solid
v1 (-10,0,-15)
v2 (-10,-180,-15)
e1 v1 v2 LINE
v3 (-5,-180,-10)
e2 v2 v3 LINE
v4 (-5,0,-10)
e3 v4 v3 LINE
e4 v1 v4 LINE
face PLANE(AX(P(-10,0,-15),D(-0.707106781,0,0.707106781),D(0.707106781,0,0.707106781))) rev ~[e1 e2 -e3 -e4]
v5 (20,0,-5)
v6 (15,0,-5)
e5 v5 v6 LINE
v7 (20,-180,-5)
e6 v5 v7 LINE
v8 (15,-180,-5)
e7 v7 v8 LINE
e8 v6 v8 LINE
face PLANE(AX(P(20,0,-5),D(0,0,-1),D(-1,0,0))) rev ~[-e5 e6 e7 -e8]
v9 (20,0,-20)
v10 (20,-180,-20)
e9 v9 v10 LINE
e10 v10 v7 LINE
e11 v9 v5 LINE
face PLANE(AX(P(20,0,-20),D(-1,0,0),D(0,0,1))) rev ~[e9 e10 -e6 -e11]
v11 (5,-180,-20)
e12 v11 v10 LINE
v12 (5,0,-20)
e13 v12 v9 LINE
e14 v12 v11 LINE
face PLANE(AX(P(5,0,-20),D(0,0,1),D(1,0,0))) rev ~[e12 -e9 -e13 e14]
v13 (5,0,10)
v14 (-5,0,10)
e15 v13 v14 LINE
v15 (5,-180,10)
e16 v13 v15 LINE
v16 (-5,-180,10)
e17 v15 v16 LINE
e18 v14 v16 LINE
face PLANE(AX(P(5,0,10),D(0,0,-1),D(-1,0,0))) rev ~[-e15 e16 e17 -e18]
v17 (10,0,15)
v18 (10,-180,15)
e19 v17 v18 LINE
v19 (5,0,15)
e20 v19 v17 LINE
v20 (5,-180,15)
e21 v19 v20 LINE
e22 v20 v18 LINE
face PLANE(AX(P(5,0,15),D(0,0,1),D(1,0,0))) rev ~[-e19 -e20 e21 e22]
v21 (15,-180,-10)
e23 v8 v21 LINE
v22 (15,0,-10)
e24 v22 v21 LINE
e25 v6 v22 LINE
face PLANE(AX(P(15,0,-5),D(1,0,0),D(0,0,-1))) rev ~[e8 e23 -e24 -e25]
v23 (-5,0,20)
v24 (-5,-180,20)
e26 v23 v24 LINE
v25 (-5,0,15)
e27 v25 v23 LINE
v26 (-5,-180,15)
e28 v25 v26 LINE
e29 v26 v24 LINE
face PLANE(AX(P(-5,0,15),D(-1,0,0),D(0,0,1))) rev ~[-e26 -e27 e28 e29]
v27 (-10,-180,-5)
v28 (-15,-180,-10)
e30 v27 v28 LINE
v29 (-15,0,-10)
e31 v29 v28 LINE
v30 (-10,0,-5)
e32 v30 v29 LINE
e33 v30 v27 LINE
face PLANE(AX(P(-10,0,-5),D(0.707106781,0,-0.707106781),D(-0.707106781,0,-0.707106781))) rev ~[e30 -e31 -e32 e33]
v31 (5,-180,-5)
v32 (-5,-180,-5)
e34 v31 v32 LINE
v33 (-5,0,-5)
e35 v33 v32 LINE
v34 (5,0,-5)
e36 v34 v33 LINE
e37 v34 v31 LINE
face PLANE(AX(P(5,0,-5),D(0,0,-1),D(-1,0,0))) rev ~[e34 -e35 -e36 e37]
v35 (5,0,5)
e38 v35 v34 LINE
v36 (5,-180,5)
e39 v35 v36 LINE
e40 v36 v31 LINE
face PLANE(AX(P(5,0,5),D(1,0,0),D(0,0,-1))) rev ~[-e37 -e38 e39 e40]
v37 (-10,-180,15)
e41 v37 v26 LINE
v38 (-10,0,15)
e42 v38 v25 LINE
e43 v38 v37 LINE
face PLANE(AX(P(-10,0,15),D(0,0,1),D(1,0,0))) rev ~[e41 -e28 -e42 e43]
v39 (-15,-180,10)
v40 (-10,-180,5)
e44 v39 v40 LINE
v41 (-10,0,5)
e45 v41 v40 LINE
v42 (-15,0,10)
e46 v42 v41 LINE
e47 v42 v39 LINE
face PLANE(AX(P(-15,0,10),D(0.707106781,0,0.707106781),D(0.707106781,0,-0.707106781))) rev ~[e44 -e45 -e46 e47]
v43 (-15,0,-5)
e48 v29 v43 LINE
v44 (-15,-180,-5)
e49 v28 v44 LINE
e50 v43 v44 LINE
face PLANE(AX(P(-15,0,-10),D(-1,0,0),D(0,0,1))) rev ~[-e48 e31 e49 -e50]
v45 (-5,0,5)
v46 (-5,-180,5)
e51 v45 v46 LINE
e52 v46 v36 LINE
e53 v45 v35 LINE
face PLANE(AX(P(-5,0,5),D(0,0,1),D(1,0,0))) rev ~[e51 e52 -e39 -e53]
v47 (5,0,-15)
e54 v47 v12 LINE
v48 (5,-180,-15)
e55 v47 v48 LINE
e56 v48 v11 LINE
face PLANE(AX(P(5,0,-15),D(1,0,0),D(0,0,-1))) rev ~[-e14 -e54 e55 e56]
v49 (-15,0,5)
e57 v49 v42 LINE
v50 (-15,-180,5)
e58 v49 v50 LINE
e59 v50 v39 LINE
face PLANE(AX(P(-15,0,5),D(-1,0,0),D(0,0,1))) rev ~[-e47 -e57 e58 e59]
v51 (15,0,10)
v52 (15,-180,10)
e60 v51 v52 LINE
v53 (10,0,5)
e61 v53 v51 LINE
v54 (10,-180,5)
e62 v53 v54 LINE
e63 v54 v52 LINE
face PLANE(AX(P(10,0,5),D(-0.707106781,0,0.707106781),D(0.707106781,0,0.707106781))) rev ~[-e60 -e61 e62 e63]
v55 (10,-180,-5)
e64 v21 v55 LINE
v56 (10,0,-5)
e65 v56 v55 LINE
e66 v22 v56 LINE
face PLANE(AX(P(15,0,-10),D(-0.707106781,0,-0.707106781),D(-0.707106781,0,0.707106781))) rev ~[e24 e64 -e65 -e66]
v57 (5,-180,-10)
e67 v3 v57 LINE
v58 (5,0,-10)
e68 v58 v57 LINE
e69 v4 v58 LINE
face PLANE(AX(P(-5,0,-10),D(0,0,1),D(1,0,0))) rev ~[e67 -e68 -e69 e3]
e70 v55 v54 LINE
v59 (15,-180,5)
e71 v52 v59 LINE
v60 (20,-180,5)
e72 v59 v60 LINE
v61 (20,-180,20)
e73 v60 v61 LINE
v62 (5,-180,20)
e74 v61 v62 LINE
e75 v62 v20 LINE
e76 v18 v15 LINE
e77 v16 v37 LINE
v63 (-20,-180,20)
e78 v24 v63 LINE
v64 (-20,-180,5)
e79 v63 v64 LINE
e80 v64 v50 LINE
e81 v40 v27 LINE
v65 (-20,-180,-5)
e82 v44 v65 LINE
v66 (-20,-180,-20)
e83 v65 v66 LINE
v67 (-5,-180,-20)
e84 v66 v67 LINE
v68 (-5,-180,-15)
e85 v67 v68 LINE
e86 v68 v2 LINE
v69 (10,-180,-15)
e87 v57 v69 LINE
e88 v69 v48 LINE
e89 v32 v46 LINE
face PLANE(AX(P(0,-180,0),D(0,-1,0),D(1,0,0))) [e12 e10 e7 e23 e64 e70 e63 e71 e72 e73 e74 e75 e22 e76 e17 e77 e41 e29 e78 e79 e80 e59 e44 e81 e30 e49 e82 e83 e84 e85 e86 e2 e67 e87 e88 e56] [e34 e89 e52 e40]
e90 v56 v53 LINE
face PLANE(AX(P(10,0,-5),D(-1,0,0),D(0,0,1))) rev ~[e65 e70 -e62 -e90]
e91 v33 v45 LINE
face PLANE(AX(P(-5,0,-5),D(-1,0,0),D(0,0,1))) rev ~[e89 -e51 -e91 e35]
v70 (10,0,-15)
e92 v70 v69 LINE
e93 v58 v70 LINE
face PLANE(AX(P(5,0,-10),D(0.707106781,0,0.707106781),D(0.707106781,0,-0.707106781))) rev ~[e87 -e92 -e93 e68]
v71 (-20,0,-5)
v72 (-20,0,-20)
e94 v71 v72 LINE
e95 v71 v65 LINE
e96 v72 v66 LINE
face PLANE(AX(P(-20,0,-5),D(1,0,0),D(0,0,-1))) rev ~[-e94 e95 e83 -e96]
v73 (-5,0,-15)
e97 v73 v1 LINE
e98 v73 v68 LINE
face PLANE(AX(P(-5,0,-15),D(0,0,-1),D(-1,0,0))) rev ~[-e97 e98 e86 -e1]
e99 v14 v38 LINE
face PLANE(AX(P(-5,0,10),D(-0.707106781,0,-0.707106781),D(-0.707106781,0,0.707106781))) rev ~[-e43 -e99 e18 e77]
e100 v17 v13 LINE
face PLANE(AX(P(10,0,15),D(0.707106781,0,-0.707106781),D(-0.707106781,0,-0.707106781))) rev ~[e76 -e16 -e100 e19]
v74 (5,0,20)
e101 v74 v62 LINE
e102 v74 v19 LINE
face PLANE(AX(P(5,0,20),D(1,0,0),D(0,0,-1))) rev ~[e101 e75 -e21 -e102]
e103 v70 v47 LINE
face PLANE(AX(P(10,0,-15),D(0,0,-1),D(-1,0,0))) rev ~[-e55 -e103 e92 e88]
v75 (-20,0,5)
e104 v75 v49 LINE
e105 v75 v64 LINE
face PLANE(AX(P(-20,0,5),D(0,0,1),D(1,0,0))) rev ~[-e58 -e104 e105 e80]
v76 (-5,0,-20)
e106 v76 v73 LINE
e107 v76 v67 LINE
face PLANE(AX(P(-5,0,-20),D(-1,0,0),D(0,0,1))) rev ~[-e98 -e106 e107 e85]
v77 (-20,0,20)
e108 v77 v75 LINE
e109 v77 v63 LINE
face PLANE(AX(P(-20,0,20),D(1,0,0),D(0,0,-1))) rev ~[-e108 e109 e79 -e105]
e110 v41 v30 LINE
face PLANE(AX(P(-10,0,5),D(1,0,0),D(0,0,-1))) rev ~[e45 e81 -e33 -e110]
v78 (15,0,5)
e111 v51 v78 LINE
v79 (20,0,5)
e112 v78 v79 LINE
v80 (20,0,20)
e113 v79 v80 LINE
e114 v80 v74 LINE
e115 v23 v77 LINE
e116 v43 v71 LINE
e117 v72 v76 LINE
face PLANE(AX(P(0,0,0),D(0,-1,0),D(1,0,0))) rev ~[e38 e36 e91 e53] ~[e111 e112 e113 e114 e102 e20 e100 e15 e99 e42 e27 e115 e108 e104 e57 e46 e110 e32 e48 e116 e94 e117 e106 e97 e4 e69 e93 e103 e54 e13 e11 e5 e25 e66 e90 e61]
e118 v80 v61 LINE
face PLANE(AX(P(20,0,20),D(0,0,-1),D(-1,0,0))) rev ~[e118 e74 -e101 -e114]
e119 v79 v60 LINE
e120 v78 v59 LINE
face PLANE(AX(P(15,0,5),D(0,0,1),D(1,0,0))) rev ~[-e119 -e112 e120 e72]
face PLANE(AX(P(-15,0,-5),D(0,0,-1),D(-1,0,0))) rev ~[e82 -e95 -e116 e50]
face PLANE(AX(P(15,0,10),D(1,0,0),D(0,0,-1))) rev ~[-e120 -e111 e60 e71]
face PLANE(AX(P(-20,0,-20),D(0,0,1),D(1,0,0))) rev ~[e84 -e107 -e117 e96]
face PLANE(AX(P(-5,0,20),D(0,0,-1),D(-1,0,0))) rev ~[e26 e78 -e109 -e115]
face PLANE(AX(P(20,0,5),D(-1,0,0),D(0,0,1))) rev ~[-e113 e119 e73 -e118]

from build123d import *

# Parameters (mm, degrees)
F1_DEPTH = 180


with BuildPart() as f1:
    # F0 (on Front) → F1 (new body)
    with BuildSketch(Plane.XZ):
        Polygon((20, 5), (20, 20), (5, 20), (5, 15), (10, 15), (5, 10), (-5, 10), (-10, 15), (-5, 15), (-5, 20), (-20, 20), (-20, 5), (-15, 5), (-15, 10), (-10, 5), (-10, -5), (-15, -10), (-15, -5), (-20, -5), (-20, -20), (-5, -20), (-5, -15), (-10, -15), (-5, -10), (5, -10), (10, -15), (5, -15), (5, -20), (20, -20), (20, -5), (15, -5), (15, -10), (10, -5), (10, 5), (15, 10), (15, 5), align=None)
        Polygon((-5, 0), (-5, 5), (0, 5), (5, 5), (5, 0), (5, -5), (0, -5), (-5, -5), align=None, mode=Mode.SUBTRACT)
    extrude(amount=F1_DEPTH)


solid = f1.part
